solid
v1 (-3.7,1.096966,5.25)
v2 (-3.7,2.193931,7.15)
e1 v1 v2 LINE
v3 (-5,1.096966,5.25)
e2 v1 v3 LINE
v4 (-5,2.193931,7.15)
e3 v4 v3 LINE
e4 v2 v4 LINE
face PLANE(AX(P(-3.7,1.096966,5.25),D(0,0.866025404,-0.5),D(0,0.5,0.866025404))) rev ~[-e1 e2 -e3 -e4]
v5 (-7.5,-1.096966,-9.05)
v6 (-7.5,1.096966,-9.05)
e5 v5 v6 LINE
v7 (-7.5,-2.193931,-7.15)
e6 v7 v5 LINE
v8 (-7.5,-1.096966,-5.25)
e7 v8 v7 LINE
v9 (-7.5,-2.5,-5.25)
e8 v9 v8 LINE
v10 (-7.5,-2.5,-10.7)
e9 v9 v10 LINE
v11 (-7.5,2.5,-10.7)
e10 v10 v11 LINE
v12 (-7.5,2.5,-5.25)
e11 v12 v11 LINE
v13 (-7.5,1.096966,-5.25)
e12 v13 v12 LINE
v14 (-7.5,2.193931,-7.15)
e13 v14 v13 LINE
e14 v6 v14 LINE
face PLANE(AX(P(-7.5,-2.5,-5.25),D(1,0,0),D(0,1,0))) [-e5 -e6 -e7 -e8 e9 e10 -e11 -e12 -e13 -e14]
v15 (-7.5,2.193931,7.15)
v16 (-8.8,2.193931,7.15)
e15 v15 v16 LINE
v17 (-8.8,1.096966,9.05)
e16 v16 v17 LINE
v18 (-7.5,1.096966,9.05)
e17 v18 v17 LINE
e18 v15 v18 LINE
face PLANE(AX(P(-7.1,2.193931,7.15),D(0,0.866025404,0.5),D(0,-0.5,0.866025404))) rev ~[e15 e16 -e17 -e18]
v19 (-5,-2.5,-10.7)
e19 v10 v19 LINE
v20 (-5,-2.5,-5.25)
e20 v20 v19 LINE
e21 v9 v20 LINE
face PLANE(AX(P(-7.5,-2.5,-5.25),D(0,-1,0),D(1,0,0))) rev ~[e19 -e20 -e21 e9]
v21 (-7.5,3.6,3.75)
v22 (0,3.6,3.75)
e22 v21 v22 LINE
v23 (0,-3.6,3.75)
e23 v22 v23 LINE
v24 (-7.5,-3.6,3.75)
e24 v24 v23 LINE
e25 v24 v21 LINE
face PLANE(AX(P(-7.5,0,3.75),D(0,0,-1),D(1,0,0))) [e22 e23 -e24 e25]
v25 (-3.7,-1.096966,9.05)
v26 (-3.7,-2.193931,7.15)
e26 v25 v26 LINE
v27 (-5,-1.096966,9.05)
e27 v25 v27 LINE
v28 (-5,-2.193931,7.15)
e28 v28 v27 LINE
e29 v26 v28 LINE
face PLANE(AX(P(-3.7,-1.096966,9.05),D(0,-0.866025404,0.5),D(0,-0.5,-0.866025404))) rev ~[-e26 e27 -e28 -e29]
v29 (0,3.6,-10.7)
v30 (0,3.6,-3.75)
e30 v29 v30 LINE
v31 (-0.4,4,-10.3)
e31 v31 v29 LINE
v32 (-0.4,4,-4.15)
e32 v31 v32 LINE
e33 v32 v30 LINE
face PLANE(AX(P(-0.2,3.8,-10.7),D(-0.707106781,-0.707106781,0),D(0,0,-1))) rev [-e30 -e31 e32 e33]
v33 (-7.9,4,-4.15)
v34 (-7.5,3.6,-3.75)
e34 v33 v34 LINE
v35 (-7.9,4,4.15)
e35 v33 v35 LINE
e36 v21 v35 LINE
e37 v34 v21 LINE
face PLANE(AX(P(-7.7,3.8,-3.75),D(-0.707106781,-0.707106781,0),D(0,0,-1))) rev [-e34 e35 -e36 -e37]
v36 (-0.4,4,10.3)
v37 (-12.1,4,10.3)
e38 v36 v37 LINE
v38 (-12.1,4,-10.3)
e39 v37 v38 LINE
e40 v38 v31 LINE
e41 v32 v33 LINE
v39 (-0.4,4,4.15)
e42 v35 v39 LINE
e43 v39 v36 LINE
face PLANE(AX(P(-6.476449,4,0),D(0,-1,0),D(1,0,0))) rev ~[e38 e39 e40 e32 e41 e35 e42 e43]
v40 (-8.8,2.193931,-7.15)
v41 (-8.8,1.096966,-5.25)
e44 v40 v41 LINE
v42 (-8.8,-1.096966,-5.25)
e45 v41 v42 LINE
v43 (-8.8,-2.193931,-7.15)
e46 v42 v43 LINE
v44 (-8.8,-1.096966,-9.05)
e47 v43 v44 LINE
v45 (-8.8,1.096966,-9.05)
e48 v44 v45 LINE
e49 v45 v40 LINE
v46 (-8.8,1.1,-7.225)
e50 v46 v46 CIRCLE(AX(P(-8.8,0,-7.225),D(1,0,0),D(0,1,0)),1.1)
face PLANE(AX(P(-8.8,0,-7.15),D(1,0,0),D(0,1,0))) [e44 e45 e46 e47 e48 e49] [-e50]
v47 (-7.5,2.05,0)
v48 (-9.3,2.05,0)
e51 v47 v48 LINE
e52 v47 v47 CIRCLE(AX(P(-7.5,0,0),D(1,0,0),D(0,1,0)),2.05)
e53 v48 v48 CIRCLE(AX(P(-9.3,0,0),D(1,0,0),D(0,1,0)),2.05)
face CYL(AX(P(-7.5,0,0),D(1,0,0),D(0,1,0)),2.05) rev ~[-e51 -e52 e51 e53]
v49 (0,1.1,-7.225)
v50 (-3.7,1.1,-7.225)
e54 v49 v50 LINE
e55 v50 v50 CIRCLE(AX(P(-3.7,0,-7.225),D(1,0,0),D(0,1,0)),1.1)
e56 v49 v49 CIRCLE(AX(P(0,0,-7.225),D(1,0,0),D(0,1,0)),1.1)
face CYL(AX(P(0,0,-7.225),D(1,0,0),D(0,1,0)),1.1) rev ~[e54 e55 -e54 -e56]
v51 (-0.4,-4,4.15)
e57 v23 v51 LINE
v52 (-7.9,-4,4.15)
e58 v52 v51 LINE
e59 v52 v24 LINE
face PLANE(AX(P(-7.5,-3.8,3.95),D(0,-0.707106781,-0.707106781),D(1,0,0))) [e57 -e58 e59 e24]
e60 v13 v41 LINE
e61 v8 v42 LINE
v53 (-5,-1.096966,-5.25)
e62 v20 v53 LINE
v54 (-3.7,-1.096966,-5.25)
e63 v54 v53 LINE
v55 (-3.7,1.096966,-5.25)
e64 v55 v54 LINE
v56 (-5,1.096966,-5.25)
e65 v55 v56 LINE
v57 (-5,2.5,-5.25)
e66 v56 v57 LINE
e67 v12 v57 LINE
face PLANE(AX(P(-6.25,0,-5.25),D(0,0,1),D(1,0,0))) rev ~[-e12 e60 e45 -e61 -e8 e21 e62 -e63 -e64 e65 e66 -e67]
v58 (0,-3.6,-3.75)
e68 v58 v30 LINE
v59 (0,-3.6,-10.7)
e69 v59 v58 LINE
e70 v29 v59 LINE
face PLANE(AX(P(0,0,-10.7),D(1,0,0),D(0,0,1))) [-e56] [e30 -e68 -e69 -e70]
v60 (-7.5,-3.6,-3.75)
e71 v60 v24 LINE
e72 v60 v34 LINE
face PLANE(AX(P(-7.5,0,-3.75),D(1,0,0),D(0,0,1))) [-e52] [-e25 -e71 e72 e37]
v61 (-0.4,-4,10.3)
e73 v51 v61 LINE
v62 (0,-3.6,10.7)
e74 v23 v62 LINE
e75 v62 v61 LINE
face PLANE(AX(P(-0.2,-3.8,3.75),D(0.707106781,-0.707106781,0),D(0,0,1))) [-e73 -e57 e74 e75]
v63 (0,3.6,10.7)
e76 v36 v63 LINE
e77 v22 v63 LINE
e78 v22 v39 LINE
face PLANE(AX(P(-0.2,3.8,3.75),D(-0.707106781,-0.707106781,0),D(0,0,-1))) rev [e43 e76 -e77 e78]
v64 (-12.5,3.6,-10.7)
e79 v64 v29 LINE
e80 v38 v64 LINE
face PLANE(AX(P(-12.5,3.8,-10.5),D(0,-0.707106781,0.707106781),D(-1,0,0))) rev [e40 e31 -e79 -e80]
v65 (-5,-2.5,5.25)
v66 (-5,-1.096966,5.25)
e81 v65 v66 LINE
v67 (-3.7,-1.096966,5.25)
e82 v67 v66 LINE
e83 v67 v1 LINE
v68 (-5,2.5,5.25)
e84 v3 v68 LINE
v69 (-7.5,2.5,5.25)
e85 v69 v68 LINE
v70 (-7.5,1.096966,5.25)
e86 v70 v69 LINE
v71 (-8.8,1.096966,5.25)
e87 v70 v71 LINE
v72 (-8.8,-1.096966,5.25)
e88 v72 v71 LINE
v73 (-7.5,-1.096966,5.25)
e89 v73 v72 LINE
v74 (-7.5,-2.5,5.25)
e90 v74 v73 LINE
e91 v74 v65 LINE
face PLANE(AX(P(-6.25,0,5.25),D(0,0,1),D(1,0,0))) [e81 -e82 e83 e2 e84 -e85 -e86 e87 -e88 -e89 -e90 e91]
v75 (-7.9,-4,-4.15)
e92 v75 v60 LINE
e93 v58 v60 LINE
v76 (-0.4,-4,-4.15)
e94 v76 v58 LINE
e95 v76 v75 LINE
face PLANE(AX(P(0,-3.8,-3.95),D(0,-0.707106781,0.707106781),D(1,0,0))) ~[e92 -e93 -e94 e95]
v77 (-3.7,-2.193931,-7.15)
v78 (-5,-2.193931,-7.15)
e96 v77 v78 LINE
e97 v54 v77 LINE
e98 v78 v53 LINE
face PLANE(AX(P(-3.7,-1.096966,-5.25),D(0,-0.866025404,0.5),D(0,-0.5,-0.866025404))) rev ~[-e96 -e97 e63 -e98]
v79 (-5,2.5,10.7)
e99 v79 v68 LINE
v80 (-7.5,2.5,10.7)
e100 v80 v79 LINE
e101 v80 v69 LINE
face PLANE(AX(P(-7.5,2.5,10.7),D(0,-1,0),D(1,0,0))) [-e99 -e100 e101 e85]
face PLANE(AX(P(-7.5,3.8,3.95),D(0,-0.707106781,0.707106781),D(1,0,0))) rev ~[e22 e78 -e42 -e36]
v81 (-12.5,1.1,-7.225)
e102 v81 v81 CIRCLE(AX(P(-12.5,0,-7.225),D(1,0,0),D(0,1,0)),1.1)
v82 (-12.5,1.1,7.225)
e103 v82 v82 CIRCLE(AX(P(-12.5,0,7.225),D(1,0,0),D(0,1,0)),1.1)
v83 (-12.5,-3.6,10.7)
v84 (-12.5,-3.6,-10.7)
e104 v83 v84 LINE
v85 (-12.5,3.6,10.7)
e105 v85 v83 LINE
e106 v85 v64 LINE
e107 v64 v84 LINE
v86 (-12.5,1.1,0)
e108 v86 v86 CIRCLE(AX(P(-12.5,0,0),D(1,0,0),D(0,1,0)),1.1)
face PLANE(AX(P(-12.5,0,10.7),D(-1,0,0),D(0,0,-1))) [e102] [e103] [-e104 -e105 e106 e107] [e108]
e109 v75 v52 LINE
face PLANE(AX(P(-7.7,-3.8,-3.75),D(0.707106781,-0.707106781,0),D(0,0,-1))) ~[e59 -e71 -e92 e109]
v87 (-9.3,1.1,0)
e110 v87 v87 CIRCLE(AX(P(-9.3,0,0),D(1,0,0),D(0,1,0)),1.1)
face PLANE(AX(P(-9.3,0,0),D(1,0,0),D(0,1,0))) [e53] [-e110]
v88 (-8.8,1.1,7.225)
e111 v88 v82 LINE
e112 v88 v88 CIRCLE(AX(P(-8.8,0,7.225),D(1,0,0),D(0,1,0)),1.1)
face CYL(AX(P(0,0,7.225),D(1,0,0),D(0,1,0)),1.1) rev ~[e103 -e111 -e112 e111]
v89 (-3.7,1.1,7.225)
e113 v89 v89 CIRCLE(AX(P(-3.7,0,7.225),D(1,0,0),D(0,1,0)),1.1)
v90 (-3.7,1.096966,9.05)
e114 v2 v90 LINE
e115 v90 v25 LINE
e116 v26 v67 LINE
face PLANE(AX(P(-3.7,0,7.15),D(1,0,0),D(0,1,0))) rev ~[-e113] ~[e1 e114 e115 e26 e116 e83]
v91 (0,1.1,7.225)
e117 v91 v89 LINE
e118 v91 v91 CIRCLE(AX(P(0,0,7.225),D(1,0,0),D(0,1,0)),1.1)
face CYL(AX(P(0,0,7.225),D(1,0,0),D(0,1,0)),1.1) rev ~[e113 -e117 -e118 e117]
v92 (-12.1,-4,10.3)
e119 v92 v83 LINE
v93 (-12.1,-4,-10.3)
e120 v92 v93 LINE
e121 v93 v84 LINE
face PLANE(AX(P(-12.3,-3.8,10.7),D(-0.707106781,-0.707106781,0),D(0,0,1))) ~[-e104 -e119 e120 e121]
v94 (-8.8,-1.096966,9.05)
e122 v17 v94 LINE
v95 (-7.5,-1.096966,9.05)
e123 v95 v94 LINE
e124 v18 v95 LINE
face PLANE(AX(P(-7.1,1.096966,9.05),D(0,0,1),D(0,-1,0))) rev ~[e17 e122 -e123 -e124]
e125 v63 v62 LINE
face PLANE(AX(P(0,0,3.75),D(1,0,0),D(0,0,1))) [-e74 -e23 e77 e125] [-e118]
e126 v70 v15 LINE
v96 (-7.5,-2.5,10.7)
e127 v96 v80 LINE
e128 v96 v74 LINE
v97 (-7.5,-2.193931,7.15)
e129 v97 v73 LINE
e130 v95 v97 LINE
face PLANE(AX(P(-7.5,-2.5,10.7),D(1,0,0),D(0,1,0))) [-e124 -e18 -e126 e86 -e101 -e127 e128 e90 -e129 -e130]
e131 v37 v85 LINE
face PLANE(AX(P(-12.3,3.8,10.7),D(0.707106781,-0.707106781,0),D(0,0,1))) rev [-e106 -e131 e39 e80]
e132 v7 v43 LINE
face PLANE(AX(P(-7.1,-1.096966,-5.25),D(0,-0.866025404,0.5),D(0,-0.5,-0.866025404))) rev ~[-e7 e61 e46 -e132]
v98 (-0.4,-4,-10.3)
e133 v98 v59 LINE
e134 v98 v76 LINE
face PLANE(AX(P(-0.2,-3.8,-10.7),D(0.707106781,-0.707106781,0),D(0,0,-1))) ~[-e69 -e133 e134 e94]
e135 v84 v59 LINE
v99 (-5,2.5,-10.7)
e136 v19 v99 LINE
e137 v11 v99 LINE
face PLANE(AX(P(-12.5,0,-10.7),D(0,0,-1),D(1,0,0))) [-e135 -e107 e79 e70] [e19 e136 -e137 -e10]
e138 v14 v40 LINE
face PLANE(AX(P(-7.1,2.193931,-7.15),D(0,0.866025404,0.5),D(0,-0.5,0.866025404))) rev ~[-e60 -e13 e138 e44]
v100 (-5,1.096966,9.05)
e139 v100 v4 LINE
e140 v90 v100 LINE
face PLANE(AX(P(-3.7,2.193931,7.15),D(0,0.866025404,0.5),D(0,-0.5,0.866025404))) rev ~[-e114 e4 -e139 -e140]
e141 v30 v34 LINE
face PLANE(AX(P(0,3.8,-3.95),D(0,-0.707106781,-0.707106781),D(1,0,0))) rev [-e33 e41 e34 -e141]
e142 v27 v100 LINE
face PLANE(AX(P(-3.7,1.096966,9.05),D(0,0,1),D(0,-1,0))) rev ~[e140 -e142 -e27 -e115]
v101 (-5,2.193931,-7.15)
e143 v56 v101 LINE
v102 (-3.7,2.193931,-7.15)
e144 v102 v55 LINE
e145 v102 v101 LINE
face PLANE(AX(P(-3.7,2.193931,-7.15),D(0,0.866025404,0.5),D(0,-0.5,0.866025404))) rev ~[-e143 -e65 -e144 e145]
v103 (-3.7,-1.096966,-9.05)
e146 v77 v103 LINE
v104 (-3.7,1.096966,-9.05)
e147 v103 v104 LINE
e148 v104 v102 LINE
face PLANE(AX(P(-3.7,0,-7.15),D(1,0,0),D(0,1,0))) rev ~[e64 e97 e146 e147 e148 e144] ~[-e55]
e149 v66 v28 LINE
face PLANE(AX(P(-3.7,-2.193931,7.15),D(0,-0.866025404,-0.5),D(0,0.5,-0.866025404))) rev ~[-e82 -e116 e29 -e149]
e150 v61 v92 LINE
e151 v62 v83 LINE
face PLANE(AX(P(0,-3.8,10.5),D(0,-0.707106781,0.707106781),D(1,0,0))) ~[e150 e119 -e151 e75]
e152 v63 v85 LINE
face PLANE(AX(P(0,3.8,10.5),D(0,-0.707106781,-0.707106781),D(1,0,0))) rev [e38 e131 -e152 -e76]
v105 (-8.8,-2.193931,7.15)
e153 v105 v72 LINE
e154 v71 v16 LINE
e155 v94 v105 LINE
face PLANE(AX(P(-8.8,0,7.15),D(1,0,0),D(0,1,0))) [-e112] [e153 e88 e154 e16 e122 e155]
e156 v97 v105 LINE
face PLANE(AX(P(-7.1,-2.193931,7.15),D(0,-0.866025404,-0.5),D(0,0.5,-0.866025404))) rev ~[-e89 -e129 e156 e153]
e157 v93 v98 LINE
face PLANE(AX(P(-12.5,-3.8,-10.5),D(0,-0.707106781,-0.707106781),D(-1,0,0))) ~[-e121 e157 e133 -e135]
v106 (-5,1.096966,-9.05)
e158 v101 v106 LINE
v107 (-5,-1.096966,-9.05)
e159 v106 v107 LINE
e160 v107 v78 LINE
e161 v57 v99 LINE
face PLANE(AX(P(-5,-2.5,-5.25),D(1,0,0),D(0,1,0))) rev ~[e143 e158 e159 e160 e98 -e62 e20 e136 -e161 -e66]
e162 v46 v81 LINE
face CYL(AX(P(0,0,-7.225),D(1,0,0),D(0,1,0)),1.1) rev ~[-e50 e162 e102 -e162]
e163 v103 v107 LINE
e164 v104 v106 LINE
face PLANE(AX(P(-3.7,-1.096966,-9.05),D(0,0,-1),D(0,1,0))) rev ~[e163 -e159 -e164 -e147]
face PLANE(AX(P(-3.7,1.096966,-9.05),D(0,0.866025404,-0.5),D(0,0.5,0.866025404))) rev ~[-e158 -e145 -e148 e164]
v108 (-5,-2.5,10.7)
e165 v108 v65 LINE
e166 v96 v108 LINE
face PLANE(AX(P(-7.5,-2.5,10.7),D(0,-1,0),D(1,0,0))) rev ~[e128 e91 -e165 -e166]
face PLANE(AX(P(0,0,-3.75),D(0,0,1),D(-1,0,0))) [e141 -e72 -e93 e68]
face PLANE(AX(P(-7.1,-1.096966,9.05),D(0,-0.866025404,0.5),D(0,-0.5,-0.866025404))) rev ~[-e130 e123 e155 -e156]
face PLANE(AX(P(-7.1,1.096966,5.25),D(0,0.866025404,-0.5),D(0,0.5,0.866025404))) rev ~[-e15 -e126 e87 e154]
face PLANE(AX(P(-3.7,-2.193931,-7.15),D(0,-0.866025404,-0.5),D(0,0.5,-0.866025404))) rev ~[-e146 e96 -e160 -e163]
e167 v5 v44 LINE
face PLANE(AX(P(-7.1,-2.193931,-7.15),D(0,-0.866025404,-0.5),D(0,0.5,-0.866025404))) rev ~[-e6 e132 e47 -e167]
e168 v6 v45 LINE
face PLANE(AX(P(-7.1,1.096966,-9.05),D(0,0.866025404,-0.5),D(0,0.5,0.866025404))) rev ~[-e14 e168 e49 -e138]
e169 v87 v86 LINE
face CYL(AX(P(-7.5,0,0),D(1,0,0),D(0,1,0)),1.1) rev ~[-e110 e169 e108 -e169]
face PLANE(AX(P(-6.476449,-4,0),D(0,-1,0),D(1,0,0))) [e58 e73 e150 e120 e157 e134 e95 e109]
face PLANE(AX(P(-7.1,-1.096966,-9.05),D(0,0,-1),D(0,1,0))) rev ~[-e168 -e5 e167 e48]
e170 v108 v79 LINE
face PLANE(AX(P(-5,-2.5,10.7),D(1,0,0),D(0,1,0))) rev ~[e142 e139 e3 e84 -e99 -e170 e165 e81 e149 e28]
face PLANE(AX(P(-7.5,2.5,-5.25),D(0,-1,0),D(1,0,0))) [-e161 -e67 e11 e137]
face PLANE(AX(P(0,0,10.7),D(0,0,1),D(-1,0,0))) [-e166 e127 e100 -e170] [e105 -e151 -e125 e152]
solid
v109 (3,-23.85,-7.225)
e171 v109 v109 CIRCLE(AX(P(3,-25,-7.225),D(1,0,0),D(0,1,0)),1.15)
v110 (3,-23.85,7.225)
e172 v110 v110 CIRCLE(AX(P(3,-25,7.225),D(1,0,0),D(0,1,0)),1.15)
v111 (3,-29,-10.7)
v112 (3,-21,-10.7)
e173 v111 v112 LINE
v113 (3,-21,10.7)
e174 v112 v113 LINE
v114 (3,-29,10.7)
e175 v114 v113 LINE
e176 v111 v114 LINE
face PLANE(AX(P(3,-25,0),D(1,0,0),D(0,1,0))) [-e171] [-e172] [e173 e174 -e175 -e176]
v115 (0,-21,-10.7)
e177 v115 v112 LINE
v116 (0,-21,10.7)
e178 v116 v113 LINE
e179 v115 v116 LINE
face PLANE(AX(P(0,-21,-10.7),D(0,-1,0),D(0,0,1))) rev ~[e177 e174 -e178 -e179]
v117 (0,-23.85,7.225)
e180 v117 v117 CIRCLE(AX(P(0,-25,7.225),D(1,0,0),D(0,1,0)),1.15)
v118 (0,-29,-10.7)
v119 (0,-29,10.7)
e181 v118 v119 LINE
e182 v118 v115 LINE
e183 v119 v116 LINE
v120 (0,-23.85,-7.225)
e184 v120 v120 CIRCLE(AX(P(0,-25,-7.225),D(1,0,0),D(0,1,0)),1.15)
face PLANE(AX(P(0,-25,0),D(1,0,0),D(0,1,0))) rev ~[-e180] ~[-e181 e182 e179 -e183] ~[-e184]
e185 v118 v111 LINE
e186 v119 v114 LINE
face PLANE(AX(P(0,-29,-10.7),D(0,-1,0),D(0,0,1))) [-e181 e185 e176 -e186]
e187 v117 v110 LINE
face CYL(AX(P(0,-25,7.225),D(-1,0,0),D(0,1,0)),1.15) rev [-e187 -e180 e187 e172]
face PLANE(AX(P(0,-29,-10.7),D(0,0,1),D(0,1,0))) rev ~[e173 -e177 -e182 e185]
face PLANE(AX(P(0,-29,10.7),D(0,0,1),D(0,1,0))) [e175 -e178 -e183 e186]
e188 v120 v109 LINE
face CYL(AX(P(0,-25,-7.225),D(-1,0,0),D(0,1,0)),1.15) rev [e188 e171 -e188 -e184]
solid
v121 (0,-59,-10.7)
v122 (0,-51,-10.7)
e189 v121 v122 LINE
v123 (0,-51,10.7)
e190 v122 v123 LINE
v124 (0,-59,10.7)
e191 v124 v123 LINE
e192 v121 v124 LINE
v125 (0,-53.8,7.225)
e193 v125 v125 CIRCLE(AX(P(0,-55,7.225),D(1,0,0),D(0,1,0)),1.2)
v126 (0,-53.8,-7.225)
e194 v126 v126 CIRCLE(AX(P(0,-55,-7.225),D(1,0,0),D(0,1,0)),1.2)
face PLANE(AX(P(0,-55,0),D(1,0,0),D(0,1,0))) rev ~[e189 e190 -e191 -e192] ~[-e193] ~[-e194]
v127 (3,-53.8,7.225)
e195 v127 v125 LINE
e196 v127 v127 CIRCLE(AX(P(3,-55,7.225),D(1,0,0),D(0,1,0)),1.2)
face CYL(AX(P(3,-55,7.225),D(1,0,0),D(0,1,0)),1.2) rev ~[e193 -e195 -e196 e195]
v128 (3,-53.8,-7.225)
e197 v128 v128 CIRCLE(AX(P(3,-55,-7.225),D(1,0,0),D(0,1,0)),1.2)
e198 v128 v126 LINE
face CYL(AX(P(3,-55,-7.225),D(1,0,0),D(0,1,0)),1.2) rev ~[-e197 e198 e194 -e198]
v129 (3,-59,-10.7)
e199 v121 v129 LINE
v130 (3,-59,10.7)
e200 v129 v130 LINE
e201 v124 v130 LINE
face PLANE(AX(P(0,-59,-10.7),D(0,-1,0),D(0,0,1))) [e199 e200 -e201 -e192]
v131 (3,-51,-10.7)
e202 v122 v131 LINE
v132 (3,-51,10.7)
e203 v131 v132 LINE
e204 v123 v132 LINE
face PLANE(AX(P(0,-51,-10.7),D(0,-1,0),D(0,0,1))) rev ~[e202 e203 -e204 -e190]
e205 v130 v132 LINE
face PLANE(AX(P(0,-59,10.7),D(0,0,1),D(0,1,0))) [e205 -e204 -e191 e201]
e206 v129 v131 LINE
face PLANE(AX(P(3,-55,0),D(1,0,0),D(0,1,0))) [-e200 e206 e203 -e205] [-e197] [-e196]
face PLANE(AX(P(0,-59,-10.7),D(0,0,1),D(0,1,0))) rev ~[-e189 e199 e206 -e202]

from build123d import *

# Parameters (mm, degrees)
F2_DEPTH  = 4
F4_START  = -3.7
F4_DEPTH  = 1.7
F5_W      = 2.5
F5_H      = 5
F6_DEPTH  = 5.45
F7_R      = 1.1
F8_DEPTH  = 12.501
F9_START  = -15.95
F9_DEPTH  = 5.45
F10_START = -7.1
F10_DEPTH = 1.7
F11_R     = 1.1
F13_DEPTH = 5
F12_R     = 2.05
F14_DEPTH = 1.8
F16_W     = 8
F16_H     = 21.4
F16_R     = 1.15
F17_DEPTH = 3
F20_R     = 1.2
F21_DEPTH = 15.501
F22_SIZE  = 0.4


with BuildPart() as f2:
    # F1 (on Front) → F2 (new body, symmetric)
    with BuildSketch(Plane.XZ):
        Polygon((-7.5, 3.75), (0, 3.75), (0, 10.7), (-12.5, 10.7), (-12.5, -10.7), (0, -10.7), (0, -3.75), (-7.5, -3.75), align=None)
    extrude(amount=F2_DEPTH, both=True)

    # F3 (on face) → F4 (cut)
    with BuildSketch(Plane.YZ.offset(F4_START)):
        Polygon((-1.0969655115, 5.25), (0, 5.25), (1.0969655115, 5.25), (2.1939310229, 7.15), (1.0969655115, 9.05), (0, 9.05), (-1.0969655115, 9.05), (-2.1939310229, 7.15), align=None)
        Polygon((-2.1939310229, -7.15), (-1.0969655115, -9.05), (0, -9.05), (1.0969655115, -9.05), (2.1939310229, -7.15), (1.0969655115, -5.25), (0, -5.25), (-1.0969655115, -5.25), align=None)
    extrude(amount=-F4_DEPTH, mode=Mode.SUBTRACT)

    # F5 (on face) → F6 (cut, through all)
    with BuildSketch(Plane.XY.offset(10.7)):
        with Locations((-6.25, 0)):
            Rectangle(F5_W, F5_H)
    extrude(amount=-F6_DEPTH, mode=Mode.SUBTRACT)

    # F7 (on face) → F8 (cut, through all)
    with BuildSketch(Plane.YZ):
        with Locations((0, 7.225)):
            Circle(F7_R)
        with Locations((0, -7.225)):
            Circle(F7_R)
    extrude(amount=-F8_DEPTH, mode=Mode.SUBTRACT)

    # F5 (on face) → F9 (cut)
    with BuildSketch(Plane.XY.offset(10.7).offset(F9_START)):
        with Locations((-6.25, 0)):
            Rectangle(F5_W, F5_H)
    extrude(amount=-F9_DEPTH, mode=Mode.SUBTRACT)

    # F3 (on face) → F10 (cut)
    with BuildSketch(Plane.YZ.offset(F10_START)):
        Polygon((-1.0969655115, 5.25), (0, 5.25), (1.0969655115, 5.25), (2.1939310229, 7.15), (1.0969655115, 9.05), (0, 9.05), (-1.0969655115, 9.05), (-2.1939310229, 7.15), align=None)
        Polygon((-2.1939310229, -7.15), (-1.0969655115, -9.05), (0, -9.05), (1.0969655115, -9.05), (2.1939310229, -7.15), (1.0969655115, -5.25), (0, -5.25), (-1.0969655115, -5.25), align=None)
    extrude(amount=-F10_DEPTH, mode=Mode.SUBTRACT)

    # F11 (on face) → F13 (cut, through all)
    with BuildSketch(Plane.YZ.offset(-7.5)):
        Circle(F11_R)
    extrude(amount=-F13_DEPTH, mode=Mode.SUBTRACT)

    # F12 (on face) → F14 (cut)
    with BuildSketch(Plane.YZ.offset(-7.5)):
        Circle(F12_R)
    extrude(amount=-F14_DEPTH, mode=Mode.SUBTRACT)

    # F22
    f22_edges = [f2.edges().sort_by_distance(p)[0] for p in [
        (-7.5, -4, 0),
        (-3.75, -4, 3.75),
        (-3.75, -4, -3.75),
        (-3.75, 4, 3.75),
        (-7.5, 4, 0),
        (-3.75, 4, -3.75),
        (0, -4, 7.225),
        (0, 4, 7.225),
        (-6.25, 4, 10.7),
        (-6.25, -4, 10.7),
        (-12.5, -4, 0),
        (-12.5, 4, 0),
        (-6.25, 4, -10.7),
        (0, 4, -7.225),
        (0, -4, -7.225),
        (-6.25, -4, -10.7),
    ]]
    chamfer(f22_edges, length=F22_SIZE)


with BuildPart() as f17:
    # F16 (on Right) → F17 (new body)
    with BuildSketch(Plane.YZ):
        with Locations((-25, 0)):
            Rectangle(F16_W, F16_H)
        with Locations((-25, -7.225)):
            Circle(F16_R, mode=Mode.SUBTRACT)
        with Locations((-25, 7.225)):
            Circle(F16_R, mode=Mode.SUBTRACT)
    extrude(amount=F17_DEPTH)


with BuildPart() as f19_1:
    # F19: copy of F17
    add(f17.part.moved(Location((0, -30, 0))))

    # F20 (on face) → F21 (cut, through all)
    with BuildSketch(Plane.YZ.offset(3)):
        with Locations((-55, 7.225)):
            Circle(F20_R)
        with Locations((-55, -7.225)):
            Circle(F20_R)
    extrude(amount=-F21_DEPTH, mode=Mode.SUBTRACT)


solid = Compound([f2.part, f17.part, f19_1.part])
